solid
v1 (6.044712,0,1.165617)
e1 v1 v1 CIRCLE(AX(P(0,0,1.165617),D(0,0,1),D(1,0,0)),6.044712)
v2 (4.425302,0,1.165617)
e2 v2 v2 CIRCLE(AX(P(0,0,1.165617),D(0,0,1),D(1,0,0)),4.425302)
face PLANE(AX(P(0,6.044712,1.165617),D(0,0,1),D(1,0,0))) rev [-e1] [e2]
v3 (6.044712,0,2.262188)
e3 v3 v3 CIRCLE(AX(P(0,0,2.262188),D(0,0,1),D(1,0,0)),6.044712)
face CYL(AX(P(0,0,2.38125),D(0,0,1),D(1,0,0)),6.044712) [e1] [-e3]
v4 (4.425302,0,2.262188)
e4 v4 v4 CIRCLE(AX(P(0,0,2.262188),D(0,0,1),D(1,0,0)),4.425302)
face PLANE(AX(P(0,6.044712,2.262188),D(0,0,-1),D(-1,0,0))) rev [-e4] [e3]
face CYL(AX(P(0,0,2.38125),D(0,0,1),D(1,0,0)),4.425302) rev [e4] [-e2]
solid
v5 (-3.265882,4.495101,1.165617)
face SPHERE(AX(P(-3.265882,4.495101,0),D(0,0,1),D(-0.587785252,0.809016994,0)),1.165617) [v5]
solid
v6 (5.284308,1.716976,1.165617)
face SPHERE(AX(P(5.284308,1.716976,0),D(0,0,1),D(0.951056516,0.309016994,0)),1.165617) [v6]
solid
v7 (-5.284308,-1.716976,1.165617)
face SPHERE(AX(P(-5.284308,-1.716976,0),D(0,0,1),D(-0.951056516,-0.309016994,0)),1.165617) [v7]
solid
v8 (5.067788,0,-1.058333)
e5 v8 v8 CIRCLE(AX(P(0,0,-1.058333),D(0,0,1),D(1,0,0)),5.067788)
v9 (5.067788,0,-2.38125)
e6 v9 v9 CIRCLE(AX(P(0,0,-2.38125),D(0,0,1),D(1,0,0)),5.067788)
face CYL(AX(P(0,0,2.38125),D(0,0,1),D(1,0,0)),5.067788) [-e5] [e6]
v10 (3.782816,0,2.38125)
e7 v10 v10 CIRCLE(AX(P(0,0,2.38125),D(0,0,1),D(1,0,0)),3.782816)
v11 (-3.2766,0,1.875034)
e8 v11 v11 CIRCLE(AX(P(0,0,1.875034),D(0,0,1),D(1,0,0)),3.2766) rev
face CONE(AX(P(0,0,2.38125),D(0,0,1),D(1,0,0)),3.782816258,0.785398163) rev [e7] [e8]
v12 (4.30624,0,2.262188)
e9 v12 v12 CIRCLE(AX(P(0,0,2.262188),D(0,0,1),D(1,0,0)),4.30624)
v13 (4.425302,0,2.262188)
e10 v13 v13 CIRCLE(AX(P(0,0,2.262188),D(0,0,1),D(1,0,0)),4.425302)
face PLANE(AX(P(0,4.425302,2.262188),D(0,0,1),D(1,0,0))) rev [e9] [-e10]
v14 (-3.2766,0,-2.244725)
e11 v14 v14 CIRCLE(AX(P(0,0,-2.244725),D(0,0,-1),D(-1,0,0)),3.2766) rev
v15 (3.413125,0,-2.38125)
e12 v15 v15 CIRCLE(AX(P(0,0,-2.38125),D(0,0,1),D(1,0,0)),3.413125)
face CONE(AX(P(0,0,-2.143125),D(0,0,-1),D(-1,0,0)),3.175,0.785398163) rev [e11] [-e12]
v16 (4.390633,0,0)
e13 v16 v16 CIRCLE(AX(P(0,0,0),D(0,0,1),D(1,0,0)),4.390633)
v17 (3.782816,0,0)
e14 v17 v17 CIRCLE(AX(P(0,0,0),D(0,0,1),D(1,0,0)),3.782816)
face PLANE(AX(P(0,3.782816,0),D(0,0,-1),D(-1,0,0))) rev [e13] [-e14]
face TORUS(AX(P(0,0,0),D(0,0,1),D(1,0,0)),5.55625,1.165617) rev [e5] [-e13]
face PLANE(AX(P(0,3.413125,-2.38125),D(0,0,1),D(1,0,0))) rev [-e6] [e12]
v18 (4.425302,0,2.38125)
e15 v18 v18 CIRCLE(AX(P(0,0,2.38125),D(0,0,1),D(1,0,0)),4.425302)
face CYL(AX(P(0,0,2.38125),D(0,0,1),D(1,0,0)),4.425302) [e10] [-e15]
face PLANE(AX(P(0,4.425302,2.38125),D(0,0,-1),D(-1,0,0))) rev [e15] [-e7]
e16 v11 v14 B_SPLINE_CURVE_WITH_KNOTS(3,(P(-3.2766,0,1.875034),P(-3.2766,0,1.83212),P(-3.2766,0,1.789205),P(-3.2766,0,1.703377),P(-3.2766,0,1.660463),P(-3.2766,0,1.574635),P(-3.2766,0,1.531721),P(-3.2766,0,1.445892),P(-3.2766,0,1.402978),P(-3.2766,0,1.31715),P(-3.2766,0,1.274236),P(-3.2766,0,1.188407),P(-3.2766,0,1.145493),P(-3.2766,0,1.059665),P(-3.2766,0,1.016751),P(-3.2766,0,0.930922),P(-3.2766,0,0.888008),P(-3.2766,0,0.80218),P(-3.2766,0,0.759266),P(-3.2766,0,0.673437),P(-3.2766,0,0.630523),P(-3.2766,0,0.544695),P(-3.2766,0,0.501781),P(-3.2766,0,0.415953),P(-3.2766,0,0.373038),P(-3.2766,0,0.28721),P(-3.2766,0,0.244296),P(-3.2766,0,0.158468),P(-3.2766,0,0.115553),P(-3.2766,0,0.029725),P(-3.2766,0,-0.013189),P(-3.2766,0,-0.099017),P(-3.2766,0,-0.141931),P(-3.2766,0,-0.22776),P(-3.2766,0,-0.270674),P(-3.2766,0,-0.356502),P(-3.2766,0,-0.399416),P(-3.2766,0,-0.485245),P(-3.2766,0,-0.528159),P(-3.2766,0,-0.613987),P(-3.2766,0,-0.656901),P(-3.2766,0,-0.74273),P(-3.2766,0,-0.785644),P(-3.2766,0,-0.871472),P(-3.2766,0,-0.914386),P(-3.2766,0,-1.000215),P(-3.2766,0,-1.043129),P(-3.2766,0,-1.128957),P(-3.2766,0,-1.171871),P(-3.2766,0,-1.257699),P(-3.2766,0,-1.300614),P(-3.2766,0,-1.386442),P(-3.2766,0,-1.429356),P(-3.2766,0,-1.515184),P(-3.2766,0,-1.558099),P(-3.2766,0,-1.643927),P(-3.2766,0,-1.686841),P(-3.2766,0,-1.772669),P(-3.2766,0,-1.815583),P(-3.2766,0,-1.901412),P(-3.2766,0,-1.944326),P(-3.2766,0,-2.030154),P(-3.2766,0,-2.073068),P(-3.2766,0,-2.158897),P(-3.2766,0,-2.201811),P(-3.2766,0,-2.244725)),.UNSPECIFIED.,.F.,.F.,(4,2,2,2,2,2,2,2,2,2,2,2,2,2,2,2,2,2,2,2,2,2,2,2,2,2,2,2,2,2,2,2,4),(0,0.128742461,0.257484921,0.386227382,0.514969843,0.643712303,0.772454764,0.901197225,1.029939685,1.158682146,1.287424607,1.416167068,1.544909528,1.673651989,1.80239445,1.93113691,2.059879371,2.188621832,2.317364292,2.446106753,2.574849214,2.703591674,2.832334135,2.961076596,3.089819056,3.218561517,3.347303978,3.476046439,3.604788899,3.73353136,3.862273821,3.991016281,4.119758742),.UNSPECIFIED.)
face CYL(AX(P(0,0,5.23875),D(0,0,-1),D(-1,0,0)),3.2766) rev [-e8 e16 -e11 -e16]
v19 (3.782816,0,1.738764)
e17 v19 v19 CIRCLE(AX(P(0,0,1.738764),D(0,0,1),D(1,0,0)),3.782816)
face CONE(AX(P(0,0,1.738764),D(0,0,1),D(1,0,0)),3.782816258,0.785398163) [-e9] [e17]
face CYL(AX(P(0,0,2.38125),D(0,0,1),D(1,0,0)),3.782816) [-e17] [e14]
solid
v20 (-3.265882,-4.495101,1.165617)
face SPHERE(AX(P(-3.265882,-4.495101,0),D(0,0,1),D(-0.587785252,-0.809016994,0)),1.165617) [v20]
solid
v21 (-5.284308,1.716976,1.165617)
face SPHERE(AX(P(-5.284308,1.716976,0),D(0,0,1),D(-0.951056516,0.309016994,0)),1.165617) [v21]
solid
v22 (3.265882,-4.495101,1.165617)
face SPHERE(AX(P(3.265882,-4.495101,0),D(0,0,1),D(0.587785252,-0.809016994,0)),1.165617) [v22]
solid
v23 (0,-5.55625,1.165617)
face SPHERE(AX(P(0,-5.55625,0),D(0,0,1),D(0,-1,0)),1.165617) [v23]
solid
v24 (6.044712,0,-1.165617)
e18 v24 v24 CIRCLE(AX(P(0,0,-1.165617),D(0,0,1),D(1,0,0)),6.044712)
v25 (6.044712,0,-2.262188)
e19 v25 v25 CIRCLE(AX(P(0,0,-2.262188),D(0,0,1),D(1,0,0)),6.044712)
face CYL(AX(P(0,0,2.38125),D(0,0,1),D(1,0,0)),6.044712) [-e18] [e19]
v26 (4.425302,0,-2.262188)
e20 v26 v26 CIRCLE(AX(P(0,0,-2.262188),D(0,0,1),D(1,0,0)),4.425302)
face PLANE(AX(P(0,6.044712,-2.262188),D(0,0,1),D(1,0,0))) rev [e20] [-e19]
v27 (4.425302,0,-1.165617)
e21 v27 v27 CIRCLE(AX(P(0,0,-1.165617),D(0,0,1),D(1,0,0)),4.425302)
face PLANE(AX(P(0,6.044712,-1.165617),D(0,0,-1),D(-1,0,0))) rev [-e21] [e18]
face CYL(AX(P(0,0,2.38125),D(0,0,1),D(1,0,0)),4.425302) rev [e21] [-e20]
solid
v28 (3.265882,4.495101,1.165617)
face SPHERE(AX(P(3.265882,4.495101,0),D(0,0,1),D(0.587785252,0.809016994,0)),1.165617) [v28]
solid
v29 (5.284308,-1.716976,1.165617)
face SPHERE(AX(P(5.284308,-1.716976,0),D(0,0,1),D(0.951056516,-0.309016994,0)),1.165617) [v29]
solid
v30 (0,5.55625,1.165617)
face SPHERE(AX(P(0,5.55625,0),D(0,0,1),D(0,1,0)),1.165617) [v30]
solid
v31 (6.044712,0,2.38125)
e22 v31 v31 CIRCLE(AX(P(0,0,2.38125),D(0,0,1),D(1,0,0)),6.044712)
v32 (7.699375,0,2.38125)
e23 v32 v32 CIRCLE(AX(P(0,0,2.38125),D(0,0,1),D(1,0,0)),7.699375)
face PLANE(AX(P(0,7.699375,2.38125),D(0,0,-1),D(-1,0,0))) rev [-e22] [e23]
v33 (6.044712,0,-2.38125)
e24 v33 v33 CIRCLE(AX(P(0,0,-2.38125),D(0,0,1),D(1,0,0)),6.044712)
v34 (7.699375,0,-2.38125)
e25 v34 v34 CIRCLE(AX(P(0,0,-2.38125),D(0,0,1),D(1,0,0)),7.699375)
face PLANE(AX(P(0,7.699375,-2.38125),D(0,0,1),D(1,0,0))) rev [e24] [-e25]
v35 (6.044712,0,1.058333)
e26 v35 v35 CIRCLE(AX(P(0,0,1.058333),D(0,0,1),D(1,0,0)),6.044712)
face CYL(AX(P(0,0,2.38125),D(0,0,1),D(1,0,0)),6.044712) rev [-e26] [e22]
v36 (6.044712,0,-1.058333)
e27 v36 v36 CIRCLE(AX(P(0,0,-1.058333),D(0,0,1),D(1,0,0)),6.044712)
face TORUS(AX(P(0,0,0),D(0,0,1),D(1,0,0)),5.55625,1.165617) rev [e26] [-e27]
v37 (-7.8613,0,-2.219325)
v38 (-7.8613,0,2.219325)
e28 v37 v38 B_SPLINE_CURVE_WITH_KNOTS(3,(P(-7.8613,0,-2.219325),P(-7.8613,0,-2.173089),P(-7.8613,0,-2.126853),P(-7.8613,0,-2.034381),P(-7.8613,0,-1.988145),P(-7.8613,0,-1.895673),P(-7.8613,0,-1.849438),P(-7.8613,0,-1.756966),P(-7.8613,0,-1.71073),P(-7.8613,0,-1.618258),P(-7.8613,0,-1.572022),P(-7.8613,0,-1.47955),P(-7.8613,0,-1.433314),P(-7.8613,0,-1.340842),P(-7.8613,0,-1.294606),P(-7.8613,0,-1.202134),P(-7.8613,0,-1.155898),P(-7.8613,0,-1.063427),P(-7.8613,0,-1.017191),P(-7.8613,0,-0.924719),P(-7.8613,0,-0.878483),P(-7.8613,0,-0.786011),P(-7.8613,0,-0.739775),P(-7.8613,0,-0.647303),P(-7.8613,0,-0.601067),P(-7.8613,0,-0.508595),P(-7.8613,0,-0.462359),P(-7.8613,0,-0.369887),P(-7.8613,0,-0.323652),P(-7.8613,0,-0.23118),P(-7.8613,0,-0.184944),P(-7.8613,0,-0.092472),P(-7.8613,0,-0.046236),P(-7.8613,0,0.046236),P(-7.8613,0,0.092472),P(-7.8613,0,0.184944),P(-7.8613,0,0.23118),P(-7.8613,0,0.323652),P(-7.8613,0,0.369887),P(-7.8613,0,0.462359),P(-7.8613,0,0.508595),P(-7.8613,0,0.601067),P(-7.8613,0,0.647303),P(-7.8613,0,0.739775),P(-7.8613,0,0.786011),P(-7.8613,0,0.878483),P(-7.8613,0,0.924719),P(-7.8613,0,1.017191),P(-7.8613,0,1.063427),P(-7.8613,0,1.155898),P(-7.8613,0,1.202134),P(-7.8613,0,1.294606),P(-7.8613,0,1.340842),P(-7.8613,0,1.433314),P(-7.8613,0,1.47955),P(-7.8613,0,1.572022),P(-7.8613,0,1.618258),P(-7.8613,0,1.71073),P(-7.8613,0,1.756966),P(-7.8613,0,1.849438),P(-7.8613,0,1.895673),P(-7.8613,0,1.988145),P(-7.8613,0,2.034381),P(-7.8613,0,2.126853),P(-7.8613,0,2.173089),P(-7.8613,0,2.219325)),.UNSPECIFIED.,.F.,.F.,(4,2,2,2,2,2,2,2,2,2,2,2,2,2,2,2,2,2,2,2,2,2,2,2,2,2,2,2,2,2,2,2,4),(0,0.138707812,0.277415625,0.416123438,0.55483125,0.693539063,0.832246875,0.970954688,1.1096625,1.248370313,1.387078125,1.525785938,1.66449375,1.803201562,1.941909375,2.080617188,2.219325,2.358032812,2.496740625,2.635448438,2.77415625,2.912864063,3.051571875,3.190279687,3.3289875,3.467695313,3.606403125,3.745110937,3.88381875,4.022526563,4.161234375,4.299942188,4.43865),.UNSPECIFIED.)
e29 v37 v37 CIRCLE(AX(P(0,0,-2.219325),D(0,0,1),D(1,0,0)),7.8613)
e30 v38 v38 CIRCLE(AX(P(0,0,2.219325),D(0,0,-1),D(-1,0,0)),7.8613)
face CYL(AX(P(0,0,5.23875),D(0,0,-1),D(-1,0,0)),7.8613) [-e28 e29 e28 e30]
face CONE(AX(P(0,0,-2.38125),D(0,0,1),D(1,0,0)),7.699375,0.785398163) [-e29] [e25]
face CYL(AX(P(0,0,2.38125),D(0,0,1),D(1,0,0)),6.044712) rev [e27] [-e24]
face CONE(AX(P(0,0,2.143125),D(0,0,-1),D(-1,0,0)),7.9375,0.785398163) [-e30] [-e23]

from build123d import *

# Parameters (mm, degrees)
CIRPATTERN1_COUNT  = 10
SKETCH5_W          = 1.096570016
SKETCH5_H          = 1.619409178
SKETCH6_R          = 3.2766
CUT_EXTRUDE1_DEPTH = 7.62
SKETCH7_R          = 8.001
SKETCH7_R_2        = 7.8613
CUT_EXTRUDE2_DEPTH = 7.62


with BuildPart() as part:
    # Sketch1 → Revolve1 (revolve)
    with BuildSketch(Plane(origin=(0, 0, 0), x_dir=(0, 0, -1), z_dir=(1, 0, 0))):
        with BuildLine():
            Line((2.143125, 7.9375), (-2.143125, 7.9375))
            Line((-2.143125, 7.9375), (-2.38125, 7.699375))
            Line((-2.38125, 7.699375), (-2.38125, 6.044711538))
            Line((-2.38125, 6.044711538), (-1.058333333, 6.044711538))
            ThreePointArc((-1.058333333, 6.044711538), (0, 6.721867484), (1.058333333, 6.044711538))
            Line((1.058333333, 6.044711538), (2.38125, 6.044711538))
            Line((2.38125, 6.044711538), (2.38125, 7.699375))
            Line((2.38125, 7.699375), (2.143125, 7.9375))
        make_face()
    revolve(axis=Axis((0, 0, 2.38125), (0, 0, -1)))

    # Sketch7 → Cut-Extrude2 (cut)
    with BuildSketch(Plane(origin=(0, 0, -2.38125), x_dir=(-1, 0, 0), z_dir=(0, 0, -1))):
        Circle(SKETCH7_R)
        Circle(SKETCH7_R_2, mode=Mode.SUBTRACT)
    extrude(amount=-CUT_EXTRUDE2_DEPTH, mode=Mode.SUBTRACT)


with BuildPart() as body_2:
    # Sketch3 → Revolve3 (revolve)
    with BuildSketch(Plane(origin=(0, 0, 0), x_dir=(0, 0, -1), z_dir=(1, 0, 0))):
        with BuildLine():
            Line((-2.2621875, 4.30623986), (-1.738763898, 3.782816258))
            Line((-1.738763898, 3.782816258), (0, 3.782816258))
            Line((0, 3.782816258), (0, 4.390632516))
            ThreePointArc((0, 4.390632516), (0.628213662, 4.574409018), (1.058333333, 5.067788462))
            Line((1.058333333, 5.067788462), (2.38125, 5.067788462))
            Line((2.38125, 5.067788462), (2.38125, 3.413125))
            Line((2.38125, 3.413125), (2.143125, 3.175))
            Line((2.143125, 3.175), (-1.773433742, 3.175))
            Line((-1.773433742, 3.175), (-2.38125, 3.782816258))
            Line((-2.38125, 3.782816258), (-2.38125, 4.42530236))
            Line((-2.38125, 4.42530236), (-2.2621875, 4.42530236))
            Line((-2.2621875, 4.42530236), (-2.2621875, 4.30623986))
        make_face()
    revolve(axis=Axis((0, 0, 2.38125), (0, 0, -1)))

    # Sketch6 → Cut-Extrude1 (cut)
    with BuildSketch(Plane(origin=(0, 0, -2.38125), x_dir=(-1, 0, 0), z_dir=(0, 0, -1))):
        Circle(SKETCH6_R)
    extrude(amount=-CUT_EXTRUDE1_DEPTH, mode=Mode.SUBTRACT)


with BuildPart() as body_3:
    # Sketch4 → Revolve4 (revolve)
    with BuildSketch(Plane(origin=(0, 0, 0), x_dir=(0, 0, -1), z_dir=(1, 0, 0))):
        with BuildLine():
            Line((-1.165617484, 5.55625), (1.165617484, 5.55625))
            ThreePointArc((1.165617484, 5.55625), (0, 6.721867484), (-1.165617484, 5.55625))
        make_face()
    revolve(axis=Axis((0, 5.55625, 1.165617484), (0, 0, -1)))


with BuildPart() as cirpattern1_1:
    # CirPattern1: pattern copy
    add(body_3.part.rotate(Axis((0, 0, -2.38125), (0, 0, 1)), 1 * 360 / CIRPATTERN1_COUNT))


with BuildPart() as cirpattern1_2:
    # CirPattern1: pattern copy
    add(body_3.part.rotate(Axis((0, 0, -2.38125), (0, 0, 1)), 2 * 360 / CIRPATTERN1_COUNT))


with BuildPart() as cirpattern1_3:
    # CirPattern1: pattern copy
    add(body_3.part.rotate(Axis((0, 0, -2.38125), (0, 0, 1)), 3 * 360 / CIRPATTERN1_COUNT))


with BuildPart() as cirpattern1_4:
    # CirPattern1: pattern copy
    add(body_3.part.rotate(Axis((0, 0, -2.38125), (0, 0, 1)), 4 * 360 / CIRPATTERN1_COUNT))


with BuildPart() as cirpattern1_5:
    # CirPattern1: pattern copy
    add(body_3.part.rotate(Axis((0, 0, -2.38125), (0, 0, 1)), 5 * 360 / CIRPATTERN1_COUNT))


with BuildPart() as cirpattern1_6:
    # CirPattern1: pattern copy
    add(body_3.part.rotate(Axis((0, 0, -2.38125), (0, 0, 1)), 6 * 360 / CIRPATTERN1_COUNT))


with BuildPart() as cirpattern1_7:
    # CirPattern1: pattern copy
    add(body_3.part.rotate(Axis((0, 0, -2.38125), (0, 0, 1)), 7 * 360 / CIRPATTERN1_COUNT))


with BuildPart() as cirpattern1_8:
    # CirPattern1: pattern copy
    add(body_3.part.rotate(Axis((0, 0, -2.38125), (0, 0, 1)), 8 * 360 / CIRPATTERN1_COUNT))


with BuildPart() as cirpattern1_9:
    # CirPattern1: pattern copy
    add(body_3.part.rotate(Axis((0, 0, -2.38125), (0, 0, 1)), 9 * 360 / CIRPATTERN1_COUNT))


with BuildPart() as body_13:
    # Sketch5 → Revolve5 (revolve)
    with BuildSketch(Plane(origin=(0, 0, 0), x_dir=(0, 0, -1), z_dir=(1, 0, 0))):
        with Locations((-1.713902492, 5.235006949)):
            Rectangle(SKETCH5_W, SKETCH5_H)
        with Locations((1.713902492, 5.235006949)):
            Rectangle(SKETCH5_W, SKETCH5_H)
    revolve(axis=Axis((0, 0, 2.38125), (0, 0, -1)))


solid = Compound([part.part, body_2.part, body_3.part, cirpattern1_1.part, cirpattern1_2.part, cirpattern1_3.part, cirpattern1_4.part, cirpattern1_5.part, cirpattern1_6.part, cirpattern1_7.part, cirpattern1_8.part, cirpattern1_9.part, body_13.part])
